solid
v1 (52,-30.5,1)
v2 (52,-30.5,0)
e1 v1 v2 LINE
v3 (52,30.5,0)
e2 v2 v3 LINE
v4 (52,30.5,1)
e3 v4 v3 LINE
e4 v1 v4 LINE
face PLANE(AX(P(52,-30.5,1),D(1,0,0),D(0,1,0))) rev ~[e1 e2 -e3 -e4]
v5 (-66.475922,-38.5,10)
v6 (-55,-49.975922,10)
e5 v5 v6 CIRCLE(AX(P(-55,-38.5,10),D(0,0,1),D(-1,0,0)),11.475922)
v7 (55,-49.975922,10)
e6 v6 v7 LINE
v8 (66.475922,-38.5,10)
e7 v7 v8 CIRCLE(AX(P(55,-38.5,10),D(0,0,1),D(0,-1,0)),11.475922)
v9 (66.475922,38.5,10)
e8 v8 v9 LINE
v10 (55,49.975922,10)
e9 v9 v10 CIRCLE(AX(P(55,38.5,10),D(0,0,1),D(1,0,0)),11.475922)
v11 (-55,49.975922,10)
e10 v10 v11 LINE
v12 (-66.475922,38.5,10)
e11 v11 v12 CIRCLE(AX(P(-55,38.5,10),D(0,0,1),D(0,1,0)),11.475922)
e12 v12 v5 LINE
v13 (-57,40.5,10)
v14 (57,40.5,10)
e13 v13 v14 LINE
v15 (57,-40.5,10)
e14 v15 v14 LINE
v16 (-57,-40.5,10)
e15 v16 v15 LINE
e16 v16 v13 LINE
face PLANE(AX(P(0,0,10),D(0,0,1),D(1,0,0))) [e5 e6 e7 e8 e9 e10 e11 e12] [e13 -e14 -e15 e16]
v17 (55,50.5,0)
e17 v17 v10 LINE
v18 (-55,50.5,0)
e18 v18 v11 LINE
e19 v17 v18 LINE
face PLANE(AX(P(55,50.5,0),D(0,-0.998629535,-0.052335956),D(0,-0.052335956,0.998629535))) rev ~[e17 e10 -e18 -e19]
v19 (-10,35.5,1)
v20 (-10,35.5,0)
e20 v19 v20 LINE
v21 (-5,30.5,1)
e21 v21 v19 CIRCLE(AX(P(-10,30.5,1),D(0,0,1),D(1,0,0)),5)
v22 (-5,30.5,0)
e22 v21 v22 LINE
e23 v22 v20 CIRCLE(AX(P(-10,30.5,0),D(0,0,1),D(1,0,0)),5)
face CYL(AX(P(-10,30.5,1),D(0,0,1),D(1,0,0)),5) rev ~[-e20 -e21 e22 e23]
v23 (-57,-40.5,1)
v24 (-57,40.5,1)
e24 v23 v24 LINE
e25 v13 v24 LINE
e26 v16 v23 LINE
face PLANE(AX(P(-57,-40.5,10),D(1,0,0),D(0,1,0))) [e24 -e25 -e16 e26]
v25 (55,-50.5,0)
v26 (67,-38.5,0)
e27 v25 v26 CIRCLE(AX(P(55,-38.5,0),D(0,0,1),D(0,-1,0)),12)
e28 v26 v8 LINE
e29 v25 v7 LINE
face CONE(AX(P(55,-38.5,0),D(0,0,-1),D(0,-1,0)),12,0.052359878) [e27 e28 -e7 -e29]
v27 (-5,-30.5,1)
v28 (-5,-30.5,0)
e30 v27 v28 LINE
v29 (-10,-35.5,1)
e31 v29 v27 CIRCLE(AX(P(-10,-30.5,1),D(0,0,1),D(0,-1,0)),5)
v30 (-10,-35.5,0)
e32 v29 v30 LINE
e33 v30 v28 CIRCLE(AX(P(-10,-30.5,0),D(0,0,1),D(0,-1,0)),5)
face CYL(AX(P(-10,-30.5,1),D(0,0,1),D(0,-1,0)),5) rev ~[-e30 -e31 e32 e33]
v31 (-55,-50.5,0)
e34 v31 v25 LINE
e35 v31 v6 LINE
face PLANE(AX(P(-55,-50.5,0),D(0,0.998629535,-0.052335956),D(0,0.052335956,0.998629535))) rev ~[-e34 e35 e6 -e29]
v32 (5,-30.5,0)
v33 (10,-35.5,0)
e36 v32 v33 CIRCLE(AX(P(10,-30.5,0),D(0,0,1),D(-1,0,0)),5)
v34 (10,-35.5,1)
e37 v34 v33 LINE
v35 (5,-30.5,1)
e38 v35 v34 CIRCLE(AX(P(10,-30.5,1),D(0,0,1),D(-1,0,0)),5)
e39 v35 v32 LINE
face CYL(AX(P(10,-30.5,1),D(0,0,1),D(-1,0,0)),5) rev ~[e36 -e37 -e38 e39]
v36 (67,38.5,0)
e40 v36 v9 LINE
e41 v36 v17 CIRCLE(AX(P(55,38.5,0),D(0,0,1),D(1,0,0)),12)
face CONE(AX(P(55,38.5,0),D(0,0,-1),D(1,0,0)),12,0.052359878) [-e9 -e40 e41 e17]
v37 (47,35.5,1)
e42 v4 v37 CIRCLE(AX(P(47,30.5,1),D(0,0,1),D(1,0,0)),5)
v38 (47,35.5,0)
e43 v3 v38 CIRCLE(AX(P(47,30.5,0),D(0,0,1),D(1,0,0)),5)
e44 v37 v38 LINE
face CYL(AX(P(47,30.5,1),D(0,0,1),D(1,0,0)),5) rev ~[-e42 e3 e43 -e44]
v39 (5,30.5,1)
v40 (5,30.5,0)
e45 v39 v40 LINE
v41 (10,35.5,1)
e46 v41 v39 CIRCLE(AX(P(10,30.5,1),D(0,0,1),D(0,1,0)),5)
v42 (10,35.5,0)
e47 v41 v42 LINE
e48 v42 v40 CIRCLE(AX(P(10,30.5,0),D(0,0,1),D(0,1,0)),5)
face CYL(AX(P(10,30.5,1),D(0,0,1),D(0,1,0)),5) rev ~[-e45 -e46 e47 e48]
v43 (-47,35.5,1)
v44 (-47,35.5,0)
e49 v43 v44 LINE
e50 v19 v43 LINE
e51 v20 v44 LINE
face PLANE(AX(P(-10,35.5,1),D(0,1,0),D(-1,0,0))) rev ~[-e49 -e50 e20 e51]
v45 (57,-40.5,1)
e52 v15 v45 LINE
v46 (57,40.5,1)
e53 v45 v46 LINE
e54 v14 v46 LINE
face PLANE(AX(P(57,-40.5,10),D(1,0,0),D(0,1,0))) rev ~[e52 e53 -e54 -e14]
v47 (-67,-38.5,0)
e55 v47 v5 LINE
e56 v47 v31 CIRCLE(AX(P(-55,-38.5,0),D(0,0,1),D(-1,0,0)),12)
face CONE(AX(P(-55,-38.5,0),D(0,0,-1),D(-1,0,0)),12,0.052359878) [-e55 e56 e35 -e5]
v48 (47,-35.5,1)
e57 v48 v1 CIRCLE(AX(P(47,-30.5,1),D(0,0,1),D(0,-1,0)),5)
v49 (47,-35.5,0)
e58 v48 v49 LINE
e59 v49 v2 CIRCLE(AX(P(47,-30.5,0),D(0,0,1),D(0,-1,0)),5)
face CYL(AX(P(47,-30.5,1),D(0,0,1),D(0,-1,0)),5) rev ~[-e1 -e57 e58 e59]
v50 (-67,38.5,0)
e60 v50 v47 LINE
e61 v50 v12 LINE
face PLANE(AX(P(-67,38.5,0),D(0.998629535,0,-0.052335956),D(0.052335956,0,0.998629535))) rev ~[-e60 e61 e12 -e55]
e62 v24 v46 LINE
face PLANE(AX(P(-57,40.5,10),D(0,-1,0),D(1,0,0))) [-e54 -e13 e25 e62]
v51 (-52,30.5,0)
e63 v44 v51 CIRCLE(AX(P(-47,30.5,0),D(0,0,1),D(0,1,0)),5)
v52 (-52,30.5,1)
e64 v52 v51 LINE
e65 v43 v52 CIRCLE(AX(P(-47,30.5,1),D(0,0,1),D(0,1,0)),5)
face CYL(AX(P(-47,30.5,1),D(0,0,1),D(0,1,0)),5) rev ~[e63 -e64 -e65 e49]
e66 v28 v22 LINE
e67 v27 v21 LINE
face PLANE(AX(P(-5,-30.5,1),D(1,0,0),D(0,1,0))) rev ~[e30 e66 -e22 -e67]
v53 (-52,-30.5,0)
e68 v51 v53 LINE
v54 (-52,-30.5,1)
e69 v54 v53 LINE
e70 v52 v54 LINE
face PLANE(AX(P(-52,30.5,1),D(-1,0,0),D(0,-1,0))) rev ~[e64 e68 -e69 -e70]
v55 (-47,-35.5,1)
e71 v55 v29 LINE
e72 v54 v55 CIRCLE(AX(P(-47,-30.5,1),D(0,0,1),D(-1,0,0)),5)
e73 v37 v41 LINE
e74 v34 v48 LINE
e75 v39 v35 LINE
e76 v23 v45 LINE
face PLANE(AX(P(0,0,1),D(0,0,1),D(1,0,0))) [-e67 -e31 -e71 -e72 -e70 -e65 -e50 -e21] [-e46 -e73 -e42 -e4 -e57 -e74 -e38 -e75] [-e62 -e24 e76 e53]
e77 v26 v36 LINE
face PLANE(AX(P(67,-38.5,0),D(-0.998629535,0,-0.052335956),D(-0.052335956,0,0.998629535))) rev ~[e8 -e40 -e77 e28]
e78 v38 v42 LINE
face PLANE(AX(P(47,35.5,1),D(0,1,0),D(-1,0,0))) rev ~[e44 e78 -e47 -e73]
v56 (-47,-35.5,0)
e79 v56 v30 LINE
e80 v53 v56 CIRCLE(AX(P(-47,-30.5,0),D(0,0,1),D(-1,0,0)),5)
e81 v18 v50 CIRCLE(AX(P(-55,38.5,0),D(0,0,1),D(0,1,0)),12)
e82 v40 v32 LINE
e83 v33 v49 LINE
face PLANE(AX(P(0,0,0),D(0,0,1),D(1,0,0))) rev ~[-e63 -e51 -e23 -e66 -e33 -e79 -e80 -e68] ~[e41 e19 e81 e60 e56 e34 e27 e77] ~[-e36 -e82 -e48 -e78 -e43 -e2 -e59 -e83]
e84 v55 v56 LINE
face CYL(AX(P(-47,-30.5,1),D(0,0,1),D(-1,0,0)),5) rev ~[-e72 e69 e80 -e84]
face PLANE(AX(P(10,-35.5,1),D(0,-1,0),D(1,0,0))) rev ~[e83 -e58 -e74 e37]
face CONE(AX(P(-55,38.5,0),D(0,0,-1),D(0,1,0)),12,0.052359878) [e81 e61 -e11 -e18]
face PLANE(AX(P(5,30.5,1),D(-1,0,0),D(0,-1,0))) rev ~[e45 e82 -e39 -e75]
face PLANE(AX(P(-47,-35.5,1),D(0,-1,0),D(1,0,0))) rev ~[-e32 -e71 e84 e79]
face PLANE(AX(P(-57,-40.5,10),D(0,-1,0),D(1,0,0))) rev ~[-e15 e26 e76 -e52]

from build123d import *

# Parameters (mm, degrees)
F1_DEPTH = 10
F1_TAPER = 3
F2_W     = 114
F2_H     = 81
F3_DEPTH = 9
F5_DEPTH = 1


with BuildPart() as f1:
    # F0 (on Top) → F1 (new body)
    with BuildSketch(Plane.XY):
        with BuildLine():
            Line((55, 50.5), (-55, 50.5))
            ThreePointArc((-55, 50.5), (-63.4852813742, 46.9852813742), (-67, 38.5))
            Line((-67, 38.5), (-67, -38.5))
            ThreePointArc((-67, -38.5), (-63.4852813742, -46.9852813742), (-55, -50.5))
            Line((-55, -50.5), (55, -50.5))
            ThreePointArc((55, -50.5), (63.4852813742, -46.9852813742), (67, -38.5))
            Line((67, -38.5), (67, 38.5))
            ThreePointArc((67, 38.5), (63.4852813742, 46.9852813742), (55, 50.5))
        make_face()
    extrude(amount=F1_DEPTH, taper=F1_TAPER)

    # F2 (on face) → F3 (cut)
    with BuildSketch(Plane.XY.offset(10)):
        Rectangle(F2_W, F2_H)
    extrude(amount=-F3_DEPTH, mode=Mode.SUBTRACT)

    # F4 (on face) → F5 (cut, through all)
    with BuildSketch(Plane.XY.offset(1)):
        with BuildLine():
            ThreePointArc((52, 30.5), (50.5355339059, 34.0355339059), (47, 35.5))
            Line((47, 35.5), (10, 35.5))
            ThreePointArc((10, 35.5), (6.4644660941, 34.0355339059), (5, 30.5))
            Line((5, 30.5), (5, -30.5))
            ThreePointArc((5, -30.5), (6.4644660941, -34.0355339059), (10, -35.5))
            Line((10, -35.5), (47, -35.5))
            ThreePointArc((47, -35.5), (50.5355339059, -34.0355339059), (52, -30.5))
            Line((52, -30.5), (52, 30.5))
        make_face()
        with BuildLine():
            Line((-5, -30.5), (-5, 30.5))
            ThreePointArc((-5, 30.5), (-6.4644660941, 34.0355339059), (-10, 35.5))
            Line((-10, 35.5), (-47, 35.5))
            ThreePointArc((-47, 35.5), (-50.5355339059, 34.0355339059), (-52, 30.5))
            Line((-52, 30.5), (-52, -30.5))
            ThreePointArc((-52, -30.5), (-50.5355339059, -34.0355339059), (-47, -35.5))
            Line((-47, -35.5), (-10, -35.5))
            ThreePointArc((-10, -35.5), (-6.4644660941, -34.0355339059), (-5, -30.5))
        make_face()
    extrude(amount=-F5_DEPTH, mode=Mode.SUBTRACT)


solid = f1.part
